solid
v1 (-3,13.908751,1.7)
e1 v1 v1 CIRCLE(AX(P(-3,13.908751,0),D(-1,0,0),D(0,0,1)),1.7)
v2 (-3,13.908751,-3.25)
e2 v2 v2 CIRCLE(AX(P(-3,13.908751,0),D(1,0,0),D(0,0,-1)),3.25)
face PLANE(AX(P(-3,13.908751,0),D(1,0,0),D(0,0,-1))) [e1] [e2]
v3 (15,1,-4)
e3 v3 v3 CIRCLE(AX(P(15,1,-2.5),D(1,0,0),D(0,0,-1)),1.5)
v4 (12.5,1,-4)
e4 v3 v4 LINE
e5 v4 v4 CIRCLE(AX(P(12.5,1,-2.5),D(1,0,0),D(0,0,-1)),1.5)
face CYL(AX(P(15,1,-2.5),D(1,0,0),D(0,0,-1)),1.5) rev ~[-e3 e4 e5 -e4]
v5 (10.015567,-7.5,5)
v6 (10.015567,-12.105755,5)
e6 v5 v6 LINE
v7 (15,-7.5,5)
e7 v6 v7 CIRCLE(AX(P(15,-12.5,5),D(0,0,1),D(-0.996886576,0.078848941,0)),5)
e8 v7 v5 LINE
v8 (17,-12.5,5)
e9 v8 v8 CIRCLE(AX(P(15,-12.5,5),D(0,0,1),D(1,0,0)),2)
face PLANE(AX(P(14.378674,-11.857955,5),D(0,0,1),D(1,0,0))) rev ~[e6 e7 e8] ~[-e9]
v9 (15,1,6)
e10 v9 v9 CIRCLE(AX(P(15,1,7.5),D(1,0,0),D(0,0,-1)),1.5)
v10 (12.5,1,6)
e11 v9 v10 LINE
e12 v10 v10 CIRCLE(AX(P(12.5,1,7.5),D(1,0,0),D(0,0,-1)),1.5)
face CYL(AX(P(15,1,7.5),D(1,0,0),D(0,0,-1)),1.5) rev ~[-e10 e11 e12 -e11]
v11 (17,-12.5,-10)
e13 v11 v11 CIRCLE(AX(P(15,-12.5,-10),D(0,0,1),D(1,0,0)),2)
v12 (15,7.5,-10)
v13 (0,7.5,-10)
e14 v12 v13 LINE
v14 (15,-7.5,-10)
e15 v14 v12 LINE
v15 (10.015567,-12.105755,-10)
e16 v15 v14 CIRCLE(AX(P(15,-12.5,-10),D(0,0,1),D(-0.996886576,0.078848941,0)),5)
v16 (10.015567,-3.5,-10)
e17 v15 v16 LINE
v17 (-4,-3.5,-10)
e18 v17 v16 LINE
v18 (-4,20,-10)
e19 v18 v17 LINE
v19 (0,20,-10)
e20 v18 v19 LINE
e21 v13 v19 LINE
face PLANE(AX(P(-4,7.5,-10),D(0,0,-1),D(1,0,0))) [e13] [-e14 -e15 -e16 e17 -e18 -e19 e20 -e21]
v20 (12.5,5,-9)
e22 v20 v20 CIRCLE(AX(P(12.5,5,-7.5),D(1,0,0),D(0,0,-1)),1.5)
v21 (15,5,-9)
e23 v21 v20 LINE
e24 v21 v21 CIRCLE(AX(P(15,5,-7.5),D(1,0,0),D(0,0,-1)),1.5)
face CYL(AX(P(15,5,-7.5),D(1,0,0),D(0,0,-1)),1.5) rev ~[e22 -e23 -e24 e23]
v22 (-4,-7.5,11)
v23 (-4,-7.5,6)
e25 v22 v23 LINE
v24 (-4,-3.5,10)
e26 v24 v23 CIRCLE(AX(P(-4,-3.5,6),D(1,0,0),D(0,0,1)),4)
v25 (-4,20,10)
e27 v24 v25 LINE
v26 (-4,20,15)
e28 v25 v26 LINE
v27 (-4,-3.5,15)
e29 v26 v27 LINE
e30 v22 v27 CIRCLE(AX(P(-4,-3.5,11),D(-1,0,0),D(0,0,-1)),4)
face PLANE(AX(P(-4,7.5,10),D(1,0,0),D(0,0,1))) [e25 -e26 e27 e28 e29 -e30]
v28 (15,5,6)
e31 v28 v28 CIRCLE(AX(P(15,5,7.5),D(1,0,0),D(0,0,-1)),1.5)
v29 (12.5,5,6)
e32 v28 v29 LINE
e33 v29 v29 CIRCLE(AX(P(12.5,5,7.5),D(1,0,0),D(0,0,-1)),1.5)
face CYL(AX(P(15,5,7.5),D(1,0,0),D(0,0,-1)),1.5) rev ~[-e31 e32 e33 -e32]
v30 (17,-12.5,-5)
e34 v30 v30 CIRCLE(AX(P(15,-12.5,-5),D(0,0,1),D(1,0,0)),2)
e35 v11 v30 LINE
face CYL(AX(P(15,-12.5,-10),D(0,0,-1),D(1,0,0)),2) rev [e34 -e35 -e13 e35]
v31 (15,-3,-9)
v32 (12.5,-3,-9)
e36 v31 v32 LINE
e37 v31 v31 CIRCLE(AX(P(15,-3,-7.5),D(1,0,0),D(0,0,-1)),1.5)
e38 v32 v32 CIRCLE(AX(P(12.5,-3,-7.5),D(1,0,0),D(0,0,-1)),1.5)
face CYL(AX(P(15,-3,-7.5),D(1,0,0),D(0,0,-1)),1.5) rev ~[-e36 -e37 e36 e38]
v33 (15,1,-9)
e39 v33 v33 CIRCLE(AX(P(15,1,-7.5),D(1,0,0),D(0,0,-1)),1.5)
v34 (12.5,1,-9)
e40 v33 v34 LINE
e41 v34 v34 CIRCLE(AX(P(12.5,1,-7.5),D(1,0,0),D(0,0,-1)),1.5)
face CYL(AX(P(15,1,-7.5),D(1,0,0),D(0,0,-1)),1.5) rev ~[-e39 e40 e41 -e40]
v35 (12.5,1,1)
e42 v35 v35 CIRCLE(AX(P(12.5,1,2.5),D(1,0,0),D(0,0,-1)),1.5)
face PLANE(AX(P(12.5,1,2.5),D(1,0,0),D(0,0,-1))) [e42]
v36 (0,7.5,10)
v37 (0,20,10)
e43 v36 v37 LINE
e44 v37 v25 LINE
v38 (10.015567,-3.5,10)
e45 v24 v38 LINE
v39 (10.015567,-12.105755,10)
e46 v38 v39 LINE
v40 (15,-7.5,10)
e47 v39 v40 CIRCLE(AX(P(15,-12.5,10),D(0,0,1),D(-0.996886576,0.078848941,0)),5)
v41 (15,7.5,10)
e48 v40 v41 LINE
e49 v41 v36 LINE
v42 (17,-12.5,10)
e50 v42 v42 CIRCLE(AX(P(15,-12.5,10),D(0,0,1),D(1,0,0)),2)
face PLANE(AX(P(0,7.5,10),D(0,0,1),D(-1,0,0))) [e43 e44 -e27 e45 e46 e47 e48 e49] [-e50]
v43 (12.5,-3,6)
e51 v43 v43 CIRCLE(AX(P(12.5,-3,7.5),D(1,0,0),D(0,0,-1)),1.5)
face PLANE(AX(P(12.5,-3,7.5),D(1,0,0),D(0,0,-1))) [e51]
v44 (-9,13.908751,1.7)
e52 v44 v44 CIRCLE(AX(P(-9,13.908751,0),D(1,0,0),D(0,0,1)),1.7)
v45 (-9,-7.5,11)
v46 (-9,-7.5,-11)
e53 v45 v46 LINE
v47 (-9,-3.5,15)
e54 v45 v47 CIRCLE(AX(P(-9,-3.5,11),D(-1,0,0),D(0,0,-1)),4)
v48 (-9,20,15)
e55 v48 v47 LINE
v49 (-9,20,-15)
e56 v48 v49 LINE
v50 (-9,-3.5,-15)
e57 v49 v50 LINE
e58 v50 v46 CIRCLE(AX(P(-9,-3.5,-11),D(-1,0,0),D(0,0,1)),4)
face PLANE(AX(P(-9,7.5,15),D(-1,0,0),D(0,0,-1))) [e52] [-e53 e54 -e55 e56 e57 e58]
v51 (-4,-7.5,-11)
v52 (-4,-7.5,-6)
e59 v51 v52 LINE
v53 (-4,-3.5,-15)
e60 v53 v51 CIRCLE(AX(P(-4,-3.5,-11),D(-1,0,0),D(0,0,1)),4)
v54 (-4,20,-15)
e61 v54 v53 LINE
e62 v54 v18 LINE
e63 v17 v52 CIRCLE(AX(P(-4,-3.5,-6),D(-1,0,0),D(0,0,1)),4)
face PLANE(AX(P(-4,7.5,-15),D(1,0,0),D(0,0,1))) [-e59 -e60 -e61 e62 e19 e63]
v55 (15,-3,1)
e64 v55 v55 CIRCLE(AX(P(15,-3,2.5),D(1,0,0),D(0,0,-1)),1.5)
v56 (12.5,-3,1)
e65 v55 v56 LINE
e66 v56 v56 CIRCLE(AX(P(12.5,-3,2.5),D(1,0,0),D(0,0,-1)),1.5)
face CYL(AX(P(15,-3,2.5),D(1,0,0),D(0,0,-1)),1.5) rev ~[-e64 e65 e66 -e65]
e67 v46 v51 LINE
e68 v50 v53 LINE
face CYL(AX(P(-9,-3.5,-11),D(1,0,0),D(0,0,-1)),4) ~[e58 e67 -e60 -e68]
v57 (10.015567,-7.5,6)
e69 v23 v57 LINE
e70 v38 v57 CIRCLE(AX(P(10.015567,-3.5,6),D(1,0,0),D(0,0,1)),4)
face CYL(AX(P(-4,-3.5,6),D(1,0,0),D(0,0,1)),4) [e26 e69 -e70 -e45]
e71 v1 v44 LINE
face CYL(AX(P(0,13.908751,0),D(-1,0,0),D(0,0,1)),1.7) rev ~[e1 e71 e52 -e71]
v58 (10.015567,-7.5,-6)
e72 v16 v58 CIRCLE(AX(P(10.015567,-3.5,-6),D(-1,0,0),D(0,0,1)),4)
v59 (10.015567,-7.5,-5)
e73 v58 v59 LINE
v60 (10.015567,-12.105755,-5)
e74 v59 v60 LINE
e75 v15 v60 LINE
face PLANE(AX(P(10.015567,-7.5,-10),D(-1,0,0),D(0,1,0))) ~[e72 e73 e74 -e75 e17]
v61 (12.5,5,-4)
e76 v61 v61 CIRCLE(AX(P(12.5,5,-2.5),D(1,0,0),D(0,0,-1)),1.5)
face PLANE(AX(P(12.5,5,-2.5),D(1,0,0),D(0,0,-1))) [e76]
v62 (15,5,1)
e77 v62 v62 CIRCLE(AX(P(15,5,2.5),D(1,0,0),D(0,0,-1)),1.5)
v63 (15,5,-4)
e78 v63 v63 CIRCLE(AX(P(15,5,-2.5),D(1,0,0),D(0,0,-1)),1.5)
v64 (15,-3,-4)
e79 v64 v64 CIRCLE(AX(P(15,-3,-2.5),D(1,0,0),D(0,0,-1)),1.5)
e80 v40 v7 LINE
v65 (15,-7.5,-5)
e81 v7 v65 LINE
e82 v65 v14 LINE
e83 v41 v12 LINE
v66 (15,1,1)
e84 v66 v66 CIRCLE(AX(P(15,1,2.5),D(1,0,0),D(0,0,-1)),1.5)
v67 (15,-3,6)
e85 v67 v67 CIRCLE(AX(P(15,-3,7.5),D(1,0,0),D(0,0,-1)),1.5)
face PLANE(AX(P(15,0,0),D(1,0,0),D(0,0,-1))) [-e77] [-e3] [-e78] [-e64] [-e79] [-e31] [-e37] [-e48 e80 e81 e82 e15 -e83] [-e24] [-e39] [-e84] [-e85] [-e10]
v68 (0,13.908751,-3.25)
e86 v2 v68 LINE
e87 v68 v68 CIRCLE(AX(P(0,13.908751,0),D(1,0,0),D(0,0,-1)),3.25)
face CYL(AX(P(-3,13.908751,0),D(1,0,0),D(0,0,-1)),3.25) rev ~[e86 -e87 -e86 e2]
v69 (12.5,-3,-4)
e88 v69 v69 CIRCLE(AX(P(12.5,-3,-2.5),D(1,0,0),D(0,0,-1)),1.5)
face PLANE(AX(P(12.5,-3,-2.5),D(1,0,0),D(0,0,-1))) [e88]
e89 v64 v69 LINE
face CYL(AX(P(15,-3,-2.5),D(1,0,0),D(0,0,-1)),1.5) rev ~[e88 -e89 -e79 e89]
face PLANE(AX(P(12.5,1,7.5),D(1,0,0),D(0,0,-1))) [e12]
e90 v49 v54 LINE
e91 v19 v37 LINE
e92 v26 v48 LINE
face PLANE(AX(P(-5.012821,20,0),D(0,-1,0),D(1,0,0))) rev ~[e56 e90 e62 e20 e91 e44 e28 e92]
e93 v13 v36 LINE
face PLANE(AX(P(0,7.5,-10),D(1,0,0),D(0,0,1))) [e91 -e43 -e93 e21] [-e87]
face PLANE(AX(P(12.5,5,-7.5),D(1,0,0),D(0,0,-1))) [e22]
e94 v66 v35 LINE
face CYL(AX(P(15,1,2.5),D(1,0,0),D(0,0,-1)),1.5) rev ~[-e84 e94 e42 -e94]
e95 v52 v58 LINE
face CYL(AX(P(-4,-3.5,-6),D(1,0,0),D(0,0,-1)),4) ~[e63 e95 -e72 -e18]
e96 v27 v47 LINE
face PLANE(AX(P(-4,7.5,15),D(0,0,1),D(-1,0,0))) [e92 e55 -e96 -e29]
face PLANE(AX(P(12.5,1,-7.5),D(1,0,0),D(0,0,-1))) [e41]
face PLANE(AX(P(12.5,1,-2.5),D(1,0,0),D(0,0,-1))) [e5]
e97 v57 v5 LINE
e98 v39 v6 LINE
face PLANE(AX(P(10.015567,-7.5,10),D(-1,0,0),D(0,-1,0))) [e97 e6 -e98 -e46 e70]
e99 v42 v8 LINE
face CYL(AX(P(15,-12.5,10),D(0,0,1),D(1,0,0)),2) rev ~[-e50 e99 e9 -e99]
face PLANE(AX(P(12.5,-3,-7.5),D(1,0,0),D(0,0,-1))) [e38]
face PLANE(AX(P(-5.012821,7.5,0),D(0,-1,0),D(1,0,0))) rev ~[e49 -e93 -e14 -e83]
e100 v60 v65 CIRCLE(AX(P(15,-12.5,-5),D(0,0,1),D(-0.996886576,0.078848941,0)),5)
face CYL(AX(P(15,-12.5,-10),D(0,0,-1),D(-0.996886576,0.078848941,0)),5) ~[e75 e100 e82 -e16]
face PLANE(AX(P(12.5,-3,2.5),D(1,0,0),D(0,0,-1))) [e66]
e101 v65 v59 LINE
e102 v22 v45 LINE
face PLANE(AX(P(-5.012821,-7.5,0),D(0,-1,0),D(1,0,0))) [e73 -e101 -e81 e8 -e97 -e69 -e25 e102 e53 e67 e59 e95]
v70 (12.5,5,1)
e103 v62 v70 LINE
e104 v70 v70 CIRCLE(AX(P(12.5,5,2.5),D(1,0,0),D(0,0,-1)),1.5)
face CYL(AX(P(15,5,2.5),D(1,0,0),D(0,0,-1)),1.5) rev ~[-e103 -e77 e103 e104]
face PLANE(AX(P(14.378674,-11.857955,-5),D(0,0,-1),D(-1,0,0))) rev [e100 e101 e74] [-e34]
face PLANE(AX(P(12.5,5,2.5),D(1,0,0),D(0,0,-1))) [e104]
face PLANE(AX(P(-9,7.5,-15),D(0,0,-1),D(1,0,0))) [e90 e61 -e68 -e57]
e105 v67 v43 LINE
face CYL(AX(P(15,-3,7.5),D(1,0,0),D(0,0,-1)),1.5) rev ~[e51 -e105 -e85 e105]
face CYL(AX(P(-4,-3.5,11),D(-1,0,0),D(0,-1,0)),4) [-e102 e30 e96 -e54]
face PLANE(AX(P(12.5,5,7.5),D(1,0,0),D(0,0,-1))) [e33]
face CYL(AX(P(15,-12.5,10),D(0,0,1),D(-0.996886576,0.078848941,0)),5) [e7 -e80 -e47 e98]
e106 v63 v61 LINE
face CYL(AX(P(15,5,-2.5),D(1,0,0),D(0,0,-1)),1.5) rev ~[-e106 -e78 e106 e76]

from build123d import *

# Parameters (mm, degrees)
SKETCH1_W                      = 20
SKETCH1_H                      = 15
BOSS_EXTRUDE1_DEPTH            = 15
SKETCH2_R                      = 2
BOSS_EXTRUDE2_DEPTH            = 5
BOSS_EXTRUDE3_DEPTH            = 15
BOSS_EXTRUDE3_DEPTH_BACK       = 12.5
FILLET1_R                      = 4
M3X0_5_TAPPED_HOLE1_D          = 2.5
M3X0_5_TAPPED_HOLE1_DEPTH      = 11
M3X0_5_TAPPED_HOLE1_TIP        = 0.751075774
CBORE_FOR_M3_SHCS1_D           = 3.4
CBORE_FOR_M3_SHCS1_DEPTH       = 9
CBORE_FOR_M3_SHCS1_CBORE_D     = 6.5
CBORE_FOR_M3_SHCS1_CBORE_DEPTH = 3
CBORE_FOR_M3_SHCS1_TIP         = 1.021463052
SKETCH8_R                      = 1.5
CUT_EXTRUDE1_DEPTH             = 2.5


with BuildPart() as part:
    # Sketch1 → Boss-Extrude1 (new body)
    with BuildSketch(Plane(origin=(0, 0, 0), x_dir=(0, 0, -1), z_dir=(1, 0, 0))):
        Rectangle(SKETCH1_W, SKETCH1_H)
    extrude(amount=BOSS_EXTRUDE1_DEPTH)

    # Sketch2 → Boss-Extrude2 (add)
    with BuildSketch(Plane.XY.offset(10)):
        with BuildLine():
            Line((15, -7.5), (10.015567122, -7.5))
            Line((10.015567122, -7.5), (10.015567122, -12.105755295))
            ThreePointArc((10.015567122, -12.105755295), (18.393285758, -16.172276101), (15, -7.5))
        make_face()
        with Locations((15, -12.5)):
            Circle(SKETCH2_R, mode=Mode.SUBTRACT)
    boss_extrude2 = extrude(amount=-BOSS_EXTRUDE2_DEPTH)

    # Mirror1: Boss-Extrude2 across plane
    add(boss_extrude2.mirror(Plane.XY))

    # Sketch3 → Boss-Extrude3 (add, two sides)
    with BuildSketch(Plane.XZ.offset(-7.5)) as boss_extrude3_sk:
        Polygon((-4, 10), (-4, 15), (-9, 15), (-9, -15), (-4, -15), (-4, -10), (0, -10), (0, 10), align=None)
    extrude(amount=BOSS_EXTRUDE3_DEPTH)
    extrude(boss_extrude3_sk.sketch, amount=-BOSS_EXTRUDE3_DEPTH_BACK)

    # Fillet1
    fillet1_edges = [part.edges().sort_by_distance(p)[0] for p in [
        (3.007783561, -7.5, 10),
        (3.007783561, -7.5, -10),
        (-6.5, -7.5, -15),
        (-6.5, -7.5, 15),
    ]]
    fillet(fillet1_edges, radius=FILLET1_R)

    # M3x0.5 Tapped Hole1
    with Locations(Plane(origin=(0, 0, 0), x_dir=(0, 0, -1), z_dir=(1, 0, 0))):
        with Locations((0, 13.90875121)):
            Hole(M3X0_5_TAPPED_HOLE1_D / 2, depth=M3X0_5_TAPPED_HOLE1_DEPTH)
            with Locations((0, 0, -(M3X0_5_TAPPED_HOLE1_DEPTH + M3X0_5_TAPPED_HOLE1_TIP / 2))):  # 118° drill point
                Cone(0, M3X0_5_TAPPED_HOLE1_D / 2, M3X0_5_TAPPED_HOLE1_TIP, mode=Mode.SUBTRACT)

    # CBORE for M3 SHCS1
    with Locations(Plane(origin=(0, 0, 0), x_dir=(0, 0, -1), z_dir=(1, 0, 0))):
        with Locations((0, 13.90875121)):
            CounterBoreHole(CBORE_FOR_M3_SHCS1_D / 2, CBORE_FOR_M3_SHCS1_CBORE_D / 2, CBORE_FOR_M3_SHCS1_CBORE_DEPTH, depth=CBORE_FOR_M3_SHCS1_DEPTH)
            with Locations((0, 0, -(CBORE_FOR_M3_SHCS1_DEPTH + CBORE_FOR_M3_SHCS1_TIP / 2))):  # 118° drill point
                Cone(0, CBORE_FOR_M3_SHCS1_D / 2, CBORE_FOR_M3_SHCS1_TIP, mode=Mode.SUBTRACT)

    # Sketch8 → Cut-Extrude1 (cut)
    with BuildSketch(Plane(origin=(15, 0, 0), x_dir=(0, 0, -1), z_dir=(1, 0, 0))):
        with Locations((-7.5, 5)):
            Circle(SKETCH8_R)
        with Locations((-2.5, 5)):
            Circle(SKETCH8_R)
        with Locations((2.5, 5)):
            Circle(SKETCH8_R)
        with Locations((7.5, 5)):
            Circle(SKETCH8_R)
        with Locations((-2.5, 1)):
            Circle(SKETCH8_R)
        with Locations((2.5, 1)):
            Circle(SKETCH8_R)
        with Locations((7.5, 1)):
            Circle(SKETCH8_R)
        with Locations((-2.5, -3)):
            Circle(SKETCH8_R)
        with Locations((2.5, -3)):
            Circle(SKETCH8_R)
        with Locations((7.5, -3)):
            Circle(SKETCH8_R)
        with Locations((-7.5, 1)):
            Circle(SKETCH8_R)
        with Locations((-7.5, -3)):
            Circle(SKETCH8_R)
    extrude(amount=-CUT_EXTRUDE1_DEPTH, mode=Mode.SUBTRACT)


solid = part.part
